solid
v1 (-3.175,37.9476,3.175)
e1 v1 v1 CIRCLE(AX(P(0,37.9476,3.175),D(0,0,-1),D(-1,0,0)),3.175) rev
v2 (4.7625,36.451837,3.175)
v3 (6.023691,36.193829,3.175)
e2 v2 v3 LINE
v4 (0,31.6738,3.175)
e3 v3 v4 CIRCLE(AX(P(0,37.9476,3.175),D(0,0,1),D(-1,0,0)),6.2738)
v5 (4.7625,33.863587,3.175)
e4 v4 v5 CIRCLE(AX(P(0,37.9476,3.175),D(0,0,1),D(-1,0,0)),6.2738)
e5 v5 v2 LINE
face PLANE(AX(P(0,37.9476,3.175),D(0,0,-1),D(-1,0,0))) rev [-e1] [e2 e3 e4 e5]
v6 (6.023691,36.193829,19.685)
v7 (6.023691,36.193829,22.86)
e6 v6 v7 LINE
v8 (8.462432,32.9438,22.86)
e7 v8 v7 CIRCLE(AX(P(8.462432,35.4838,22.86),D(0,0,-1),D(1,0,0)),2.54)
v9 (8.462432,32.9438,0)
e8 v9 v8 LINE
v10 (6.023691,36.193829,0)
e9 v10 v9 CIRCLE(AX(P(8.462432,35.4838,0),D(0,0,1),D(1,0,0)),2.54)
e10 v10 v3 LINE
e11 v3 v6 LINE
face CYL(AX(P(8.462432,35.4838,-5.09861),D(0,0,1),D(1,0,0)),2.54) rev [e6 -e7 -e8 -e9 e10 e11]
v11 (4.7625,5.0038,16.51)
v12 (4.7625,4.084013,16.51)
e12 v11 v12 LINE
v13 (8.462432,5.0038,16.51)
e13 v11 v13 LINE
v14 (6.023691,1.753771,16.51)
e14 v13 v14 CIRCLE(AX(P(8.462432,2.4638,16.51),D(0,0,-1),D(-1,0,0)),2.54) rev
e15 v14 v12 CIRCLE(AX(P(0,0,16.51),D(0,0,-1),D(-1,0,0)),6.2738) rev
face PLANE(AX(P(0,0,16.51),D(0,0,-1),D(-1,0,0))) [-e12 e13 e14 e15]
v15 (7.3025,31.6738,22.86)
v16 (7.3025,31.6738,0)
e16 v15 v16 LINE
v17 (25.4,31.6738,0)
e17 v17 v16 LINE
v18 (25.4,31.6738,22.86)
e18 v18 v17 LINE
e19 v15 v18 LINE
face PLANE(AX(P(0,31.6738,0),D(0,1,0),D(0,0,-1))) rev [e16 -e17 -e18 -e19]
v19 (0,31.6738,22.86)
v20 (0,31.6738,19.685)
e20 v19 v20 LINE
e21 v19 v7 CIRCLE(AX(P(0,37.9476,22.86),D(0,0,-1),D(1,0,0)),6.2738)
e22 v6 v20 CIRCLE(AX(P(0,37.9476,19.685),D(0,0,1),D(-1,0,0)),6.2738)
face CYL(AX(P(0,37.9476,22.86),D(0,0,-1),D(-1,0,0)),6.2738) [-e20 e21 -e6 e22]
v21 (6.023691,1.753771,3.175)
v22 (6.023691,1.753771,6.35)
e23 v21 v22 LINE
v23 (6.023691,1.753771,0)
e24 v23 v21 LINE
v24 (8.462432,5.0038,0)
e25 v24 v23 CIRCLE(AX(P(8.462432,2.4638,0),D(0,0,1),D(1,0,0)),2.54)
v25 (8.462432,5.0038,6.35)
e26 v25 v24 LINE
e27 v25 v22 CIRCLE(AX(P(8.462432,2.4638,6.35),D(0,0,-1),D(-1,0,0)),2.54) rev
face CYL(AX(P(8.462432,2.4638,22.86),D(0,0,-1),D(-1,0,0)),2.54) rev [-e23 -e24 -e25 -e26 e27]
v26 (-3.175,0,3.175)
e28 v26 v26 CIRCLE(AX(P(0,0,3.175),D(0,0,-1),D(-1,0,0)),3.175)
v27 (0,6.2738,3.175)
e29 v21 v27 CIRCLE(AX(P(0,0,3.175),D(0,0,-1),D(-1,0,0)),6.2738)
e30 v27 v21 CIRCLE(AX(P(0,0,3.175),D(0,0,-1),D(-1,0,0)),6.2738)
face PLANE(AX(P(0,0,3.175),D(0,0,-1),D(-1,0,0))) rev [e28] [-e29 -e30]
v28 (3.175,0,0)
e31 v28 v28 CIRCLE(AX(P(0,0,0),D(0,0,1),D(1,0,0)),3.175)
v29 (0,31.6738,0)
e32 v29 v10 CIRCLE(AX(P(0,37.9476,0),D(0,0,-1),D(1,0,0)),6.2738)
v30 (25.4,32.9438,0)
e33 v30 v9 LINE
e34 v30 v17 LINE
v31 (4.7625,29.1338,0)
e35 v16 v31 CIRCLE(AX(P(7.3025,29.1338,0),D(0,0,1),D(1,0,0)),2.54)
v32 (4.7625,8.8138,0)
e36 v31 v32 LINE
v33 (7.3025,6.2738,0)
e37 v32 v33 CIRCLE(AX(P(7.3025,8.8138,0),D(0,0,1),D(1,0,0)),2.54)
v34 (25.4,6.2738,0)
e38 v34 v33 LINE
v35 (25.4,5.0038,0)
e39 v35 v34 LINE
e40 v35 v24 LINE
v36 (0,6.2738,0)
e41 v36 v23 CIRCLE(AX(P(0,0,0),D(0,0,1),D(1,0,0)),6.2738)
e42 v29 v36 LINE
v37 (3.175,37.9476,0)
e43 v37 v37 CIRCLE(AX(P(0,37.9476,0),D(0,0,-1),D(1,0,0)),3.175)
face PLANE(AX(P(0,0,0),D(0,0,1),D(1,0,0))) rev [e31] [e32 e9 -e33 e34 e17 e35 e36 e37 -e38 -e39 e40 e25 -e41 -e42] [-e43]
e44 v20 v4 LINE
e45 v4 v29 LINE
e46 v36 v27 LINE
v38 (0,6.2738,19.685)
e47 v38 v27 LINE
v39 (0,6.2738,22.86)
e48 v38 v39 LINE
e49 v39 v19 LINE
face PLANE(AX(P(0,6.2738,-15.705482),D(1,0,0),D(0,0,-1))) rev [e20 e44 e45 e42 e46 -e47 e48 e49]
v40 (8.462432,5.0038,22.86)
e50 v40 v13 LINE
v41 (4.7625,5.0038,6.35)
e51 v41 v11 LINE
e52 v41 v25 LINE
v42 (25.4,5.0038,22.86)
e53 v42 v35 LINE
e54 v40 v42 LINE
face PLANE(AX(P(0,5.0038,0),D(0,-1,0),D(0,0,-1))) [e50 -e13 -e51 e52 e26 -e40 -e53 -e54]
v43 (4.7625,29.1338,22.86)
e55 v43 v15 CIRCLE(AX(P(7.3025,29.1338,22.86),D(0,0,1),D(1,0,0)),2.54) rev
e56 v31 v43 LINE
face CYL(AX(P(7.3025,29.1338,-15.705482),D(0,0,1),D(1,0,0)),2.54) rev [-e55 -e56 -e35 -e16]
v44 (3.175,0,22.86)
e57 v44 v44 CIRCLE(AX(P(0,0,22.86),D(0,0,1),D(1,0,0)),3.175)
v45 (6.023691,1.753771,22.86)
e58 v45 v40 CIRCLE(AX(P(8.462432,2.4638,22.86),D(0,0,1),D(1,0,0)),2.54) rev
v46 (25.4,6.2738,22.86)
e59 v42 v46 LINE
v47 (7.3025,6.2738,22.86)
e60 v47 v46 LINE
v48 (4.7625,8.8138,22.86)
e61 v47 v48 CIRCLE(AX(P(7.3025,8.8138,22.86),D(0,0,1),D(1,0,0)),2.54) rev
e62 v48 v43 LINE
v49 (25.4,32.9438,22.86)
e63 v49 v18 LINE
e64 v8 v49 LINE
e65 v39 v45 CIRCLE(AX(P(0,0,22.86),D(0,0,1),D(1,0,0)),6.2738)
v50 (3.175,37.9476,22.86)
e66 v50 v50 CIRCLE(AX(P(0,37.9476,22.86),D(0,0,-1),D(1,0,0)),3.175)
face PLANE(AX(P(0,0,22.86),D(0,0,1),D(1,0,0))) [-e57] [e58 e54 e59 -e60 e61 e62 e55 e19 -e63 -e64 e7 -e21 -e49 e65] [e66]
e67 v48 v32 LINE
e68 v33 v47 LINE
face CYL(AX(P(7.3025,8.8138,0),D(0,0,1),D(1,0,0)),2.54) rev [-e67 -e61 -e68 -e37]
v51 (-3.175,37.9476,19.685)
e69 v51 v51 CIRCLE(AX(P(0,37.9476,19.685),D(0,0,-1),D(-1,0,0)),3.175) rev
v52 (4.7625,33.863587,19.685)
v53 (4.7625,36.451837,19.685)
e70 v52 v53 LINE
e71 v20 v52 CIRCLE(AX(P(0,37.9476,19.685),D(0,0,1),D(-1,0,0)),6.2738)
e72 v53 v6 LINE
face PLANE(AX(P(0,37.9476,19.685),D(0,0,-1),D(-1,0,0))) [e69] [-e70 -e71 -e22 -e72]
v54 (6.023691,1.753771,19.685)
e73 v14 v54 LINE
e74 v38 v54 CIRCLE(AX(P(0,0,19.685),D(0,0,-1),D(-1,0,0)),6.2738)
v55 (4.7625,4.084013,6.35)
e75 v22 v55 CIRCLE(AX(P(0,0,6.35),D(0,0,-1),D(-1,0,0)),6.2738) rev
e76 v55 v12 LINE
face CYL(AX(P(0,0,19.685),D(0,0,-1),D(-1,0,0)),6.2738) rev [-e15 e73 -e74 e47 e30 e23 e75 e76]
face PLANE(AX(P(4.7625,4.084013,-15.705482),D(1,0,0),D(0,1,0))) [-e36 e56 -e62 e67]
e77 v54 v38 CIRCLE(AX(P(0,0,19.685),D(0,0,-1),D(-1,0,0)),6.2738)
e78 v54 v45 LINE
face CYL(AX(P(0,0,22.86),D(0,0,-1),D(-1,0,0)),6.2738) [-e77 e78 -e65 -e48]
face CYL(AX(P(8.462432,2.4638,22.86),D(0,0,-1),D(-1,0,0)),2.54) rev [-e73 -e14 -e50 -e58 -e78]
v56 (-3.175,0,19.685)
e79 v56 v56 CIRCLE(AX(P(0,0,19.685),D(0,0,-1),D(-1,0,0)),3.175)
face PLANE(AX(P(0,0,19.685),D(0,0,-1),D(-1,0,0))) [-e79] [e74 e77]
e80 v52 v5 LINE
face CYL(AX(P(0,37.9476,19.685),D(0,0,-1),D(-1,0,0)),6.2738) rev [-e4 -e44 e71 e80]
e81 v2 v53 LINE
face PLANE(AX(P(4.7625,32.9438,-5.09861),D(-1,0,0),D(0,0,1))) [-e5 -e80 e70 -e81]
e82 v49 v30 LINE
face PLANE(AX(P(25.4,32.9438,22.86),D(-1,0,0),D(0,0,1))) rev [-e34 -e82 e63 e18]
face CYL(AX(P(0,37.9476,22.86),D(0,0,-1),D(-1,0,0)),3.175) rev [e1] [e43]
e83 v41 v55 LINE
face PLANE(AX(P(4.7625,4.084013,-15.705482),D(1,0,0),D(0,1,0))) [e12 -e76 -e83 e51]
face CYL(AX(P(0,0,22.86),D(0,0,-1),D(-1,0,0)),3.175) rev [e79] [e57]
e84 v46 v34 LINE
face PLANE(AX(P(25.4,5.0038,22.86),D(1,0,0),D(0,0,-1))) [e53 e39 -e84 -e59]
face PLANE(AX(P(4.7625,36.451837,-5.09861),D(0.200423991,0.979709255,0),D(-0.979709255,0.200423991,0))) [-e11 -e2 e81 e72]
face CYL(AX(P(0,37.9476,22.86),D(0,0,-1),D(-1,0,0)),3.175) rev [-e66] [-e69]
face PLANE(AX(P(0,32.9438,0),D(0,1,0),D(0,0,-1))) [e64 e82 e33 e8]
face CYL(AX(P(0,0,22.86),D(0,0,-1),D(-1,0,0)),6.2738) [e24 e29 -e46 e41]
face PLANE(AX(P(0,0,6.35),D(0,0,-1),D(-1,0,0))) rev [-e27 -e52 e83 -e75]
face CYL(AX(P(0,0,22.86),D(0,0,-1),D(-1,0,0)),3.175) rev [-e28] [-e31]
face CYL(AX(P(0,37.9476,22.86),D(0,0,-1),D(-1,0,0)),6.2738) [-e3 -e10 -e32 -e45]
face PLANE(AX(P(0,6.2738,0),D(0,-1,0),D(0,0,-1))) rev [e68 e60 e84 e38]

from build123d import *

# Parameters (mm, degrees)
SKETCH1_R           = 6.2738
SKETCH1_R_2         = 3.175
BOSS_EXTRUDE1_DEPTH = 22.86
SKETCH2_W           = 25.4
SKETCH2_H           = 22.86
BOSS_EXTRUDE2_DEPTH = 1.27
FILLET1_R           = 2.54
SKETCH3_R           = 6.2738
CUT_EXTRUDE1_DEPTH  = 16.51
CUT_EXTRUDE5_START  = 3.175
CUT_EXTRUDE5_DEPTH  = 10.16
BOSS_EXTRUDE4_DEPTH = 22.86
FILLET2_R           = 2.54
FILLET3_R           = 2.54
BOSS_EXTRUDE5_DEPTH = 22.86


with BuildPart() as part:
    # Sketch1 → Boss-Extrude1 (new body)
    with BuildSketch(Plane.XY):
        Circle(SKETCH1_R)
        Circle(SKETCH1_R_2, mode=Mode.SUBTRACT)
    boss_extrude1 = extrude(amount=BOSS_EXTRUDE1_DEPTH)

    # Sketch2 → Boss-Extrude2 (add)
    with BuildSketch(Plane(origin=(0, 6.2738, 0), x_dir=(1, 0, 0), z_dir=(0, 1, 0))):
        with Locations((12.7, -11.43)):
            Rectangle(SKETCH2_W, SKETCH2_H)
    boss_extrude2 = extrude(amount=-BOSS_EXTRUDE2_DEPTH)

    # Fillet1
    fillet1_edges = [part.edges().sort_by_distance(p)[0] for p in [
        (3.784514764, 5.0038, 11.43),
    ]]
    fillet(fillet1_edges, radius=FILLET1_R)

    # Sketch3 → Cut-Extrude1 (cut)
    with BuildSketch(Plane(origin=(0, 0, 3.175), x_dir=(-1, 0, 0), z_dir=(0, 0, -1))):
        Circle(SKETCH3_R)
    cut_extrude1 = extrude(amount=-CUT_EXTRUDE1_DEPTH, mode=Mode.SUBTRACT)

    # Sketch9 → Cut-Extrude5 (cut)
    with BuildSketch(Plane(origin=(0, 0, 19.685), x_dir=(-1, 0, 0), z_dir=(0, 0, -1)).offset(CUT_EXTRUDE5_START)):
        with BuildLine():
            Line((-6.2738, 0), (-8.462432274, 5.0038))
            Line((-8.462432274, 5.0038), (-3.784514764, 5.0038))
            ThreePointArc((-3.784514764, 5.0038), (5.617110252, -2.794394184), (-6.2738, 0))
        make_face()
    extrude(amount=CUT_EXTRUDE5_DEPTH, mode=Mode.SUBTRACT)

    # Sketch10 → Boss-Extrude4 (add)
    with BuildSketch(Plane.XY.offset(22.86)):
        with BuildLine():
            Line((0, 6.2738), (0, 19.05))
            Line((0, 19.05), (4.7625, 19.05))
            Line((4.7625, 19.05), (4.7625, 4.084012756))
            ThreePointArc((4.7625, 4.084012756), (2.620905112, 5.700124809), (0, 6.2738))
        make_face()
    boss_extrude4 = extrude(amount=-BOSS_EXTRUDE4_DEPTH)

    # Fillet2
    fillet2_edges = [part.edges().sort_by_distance(p)[0] for p in [
        (4.7625, 6.2738, 11.43),
    ]]
    fillet(fillet2_edges, radius=FILLET2_R)

    # Mirror5: Boss-Extrude4 across plane
    add(boss_extrude4.mirror(Plane(origin=(4.7625, 19.05, -15.705482496), x_dir=(0, 0, 1), z_dir=(0, 1, 0))))

    # Mirror7: Boss-Extrude1 across plane
    add(boss_extrude1.mirror(Plane.ZX.offset(18.9738)))

    # Mirror9: Boss-Extrude2 across plane
    add(boss_extrude2.mirror(Plane.ZX.offset(18.9738)))

    # Mirror11: Cut-Extrude1 across plane
    add(cut_extrude1.mirror(Plane.ZX.offset(18.9738)), mode=Mode.SUBTRACT)

    # Fillet3
    fillet3_edges = [part.edges().sort_by_distance(p)[0] for p in [
        (4.7625, 31.6738, 11.43),
    ]]
    fillet(fillet3_edges, radius=FILLET3_R)

    # Sketch12 → Boss-Extrude5 (add)
    with BuildSketch(Plane.XY.offset(22.86)):
        with BuildLine():
            Line((8.462432274, 32.9438), (4.7625, 32.9438))
            Line((4.7625, 32.9438), (4.7625, 36.451836926))
            Line((4.7625, 36.451836926), (6.023690985, 36.193828818))
            ThreePointArc((6.023690985, 36.193828818), (6.430798302, 33.959312086), (8.462432274, 32.9438))
        make_face()
    extrude(amount=-BOSS_EXTRUDE5_DEPTH)


solid = part.part
